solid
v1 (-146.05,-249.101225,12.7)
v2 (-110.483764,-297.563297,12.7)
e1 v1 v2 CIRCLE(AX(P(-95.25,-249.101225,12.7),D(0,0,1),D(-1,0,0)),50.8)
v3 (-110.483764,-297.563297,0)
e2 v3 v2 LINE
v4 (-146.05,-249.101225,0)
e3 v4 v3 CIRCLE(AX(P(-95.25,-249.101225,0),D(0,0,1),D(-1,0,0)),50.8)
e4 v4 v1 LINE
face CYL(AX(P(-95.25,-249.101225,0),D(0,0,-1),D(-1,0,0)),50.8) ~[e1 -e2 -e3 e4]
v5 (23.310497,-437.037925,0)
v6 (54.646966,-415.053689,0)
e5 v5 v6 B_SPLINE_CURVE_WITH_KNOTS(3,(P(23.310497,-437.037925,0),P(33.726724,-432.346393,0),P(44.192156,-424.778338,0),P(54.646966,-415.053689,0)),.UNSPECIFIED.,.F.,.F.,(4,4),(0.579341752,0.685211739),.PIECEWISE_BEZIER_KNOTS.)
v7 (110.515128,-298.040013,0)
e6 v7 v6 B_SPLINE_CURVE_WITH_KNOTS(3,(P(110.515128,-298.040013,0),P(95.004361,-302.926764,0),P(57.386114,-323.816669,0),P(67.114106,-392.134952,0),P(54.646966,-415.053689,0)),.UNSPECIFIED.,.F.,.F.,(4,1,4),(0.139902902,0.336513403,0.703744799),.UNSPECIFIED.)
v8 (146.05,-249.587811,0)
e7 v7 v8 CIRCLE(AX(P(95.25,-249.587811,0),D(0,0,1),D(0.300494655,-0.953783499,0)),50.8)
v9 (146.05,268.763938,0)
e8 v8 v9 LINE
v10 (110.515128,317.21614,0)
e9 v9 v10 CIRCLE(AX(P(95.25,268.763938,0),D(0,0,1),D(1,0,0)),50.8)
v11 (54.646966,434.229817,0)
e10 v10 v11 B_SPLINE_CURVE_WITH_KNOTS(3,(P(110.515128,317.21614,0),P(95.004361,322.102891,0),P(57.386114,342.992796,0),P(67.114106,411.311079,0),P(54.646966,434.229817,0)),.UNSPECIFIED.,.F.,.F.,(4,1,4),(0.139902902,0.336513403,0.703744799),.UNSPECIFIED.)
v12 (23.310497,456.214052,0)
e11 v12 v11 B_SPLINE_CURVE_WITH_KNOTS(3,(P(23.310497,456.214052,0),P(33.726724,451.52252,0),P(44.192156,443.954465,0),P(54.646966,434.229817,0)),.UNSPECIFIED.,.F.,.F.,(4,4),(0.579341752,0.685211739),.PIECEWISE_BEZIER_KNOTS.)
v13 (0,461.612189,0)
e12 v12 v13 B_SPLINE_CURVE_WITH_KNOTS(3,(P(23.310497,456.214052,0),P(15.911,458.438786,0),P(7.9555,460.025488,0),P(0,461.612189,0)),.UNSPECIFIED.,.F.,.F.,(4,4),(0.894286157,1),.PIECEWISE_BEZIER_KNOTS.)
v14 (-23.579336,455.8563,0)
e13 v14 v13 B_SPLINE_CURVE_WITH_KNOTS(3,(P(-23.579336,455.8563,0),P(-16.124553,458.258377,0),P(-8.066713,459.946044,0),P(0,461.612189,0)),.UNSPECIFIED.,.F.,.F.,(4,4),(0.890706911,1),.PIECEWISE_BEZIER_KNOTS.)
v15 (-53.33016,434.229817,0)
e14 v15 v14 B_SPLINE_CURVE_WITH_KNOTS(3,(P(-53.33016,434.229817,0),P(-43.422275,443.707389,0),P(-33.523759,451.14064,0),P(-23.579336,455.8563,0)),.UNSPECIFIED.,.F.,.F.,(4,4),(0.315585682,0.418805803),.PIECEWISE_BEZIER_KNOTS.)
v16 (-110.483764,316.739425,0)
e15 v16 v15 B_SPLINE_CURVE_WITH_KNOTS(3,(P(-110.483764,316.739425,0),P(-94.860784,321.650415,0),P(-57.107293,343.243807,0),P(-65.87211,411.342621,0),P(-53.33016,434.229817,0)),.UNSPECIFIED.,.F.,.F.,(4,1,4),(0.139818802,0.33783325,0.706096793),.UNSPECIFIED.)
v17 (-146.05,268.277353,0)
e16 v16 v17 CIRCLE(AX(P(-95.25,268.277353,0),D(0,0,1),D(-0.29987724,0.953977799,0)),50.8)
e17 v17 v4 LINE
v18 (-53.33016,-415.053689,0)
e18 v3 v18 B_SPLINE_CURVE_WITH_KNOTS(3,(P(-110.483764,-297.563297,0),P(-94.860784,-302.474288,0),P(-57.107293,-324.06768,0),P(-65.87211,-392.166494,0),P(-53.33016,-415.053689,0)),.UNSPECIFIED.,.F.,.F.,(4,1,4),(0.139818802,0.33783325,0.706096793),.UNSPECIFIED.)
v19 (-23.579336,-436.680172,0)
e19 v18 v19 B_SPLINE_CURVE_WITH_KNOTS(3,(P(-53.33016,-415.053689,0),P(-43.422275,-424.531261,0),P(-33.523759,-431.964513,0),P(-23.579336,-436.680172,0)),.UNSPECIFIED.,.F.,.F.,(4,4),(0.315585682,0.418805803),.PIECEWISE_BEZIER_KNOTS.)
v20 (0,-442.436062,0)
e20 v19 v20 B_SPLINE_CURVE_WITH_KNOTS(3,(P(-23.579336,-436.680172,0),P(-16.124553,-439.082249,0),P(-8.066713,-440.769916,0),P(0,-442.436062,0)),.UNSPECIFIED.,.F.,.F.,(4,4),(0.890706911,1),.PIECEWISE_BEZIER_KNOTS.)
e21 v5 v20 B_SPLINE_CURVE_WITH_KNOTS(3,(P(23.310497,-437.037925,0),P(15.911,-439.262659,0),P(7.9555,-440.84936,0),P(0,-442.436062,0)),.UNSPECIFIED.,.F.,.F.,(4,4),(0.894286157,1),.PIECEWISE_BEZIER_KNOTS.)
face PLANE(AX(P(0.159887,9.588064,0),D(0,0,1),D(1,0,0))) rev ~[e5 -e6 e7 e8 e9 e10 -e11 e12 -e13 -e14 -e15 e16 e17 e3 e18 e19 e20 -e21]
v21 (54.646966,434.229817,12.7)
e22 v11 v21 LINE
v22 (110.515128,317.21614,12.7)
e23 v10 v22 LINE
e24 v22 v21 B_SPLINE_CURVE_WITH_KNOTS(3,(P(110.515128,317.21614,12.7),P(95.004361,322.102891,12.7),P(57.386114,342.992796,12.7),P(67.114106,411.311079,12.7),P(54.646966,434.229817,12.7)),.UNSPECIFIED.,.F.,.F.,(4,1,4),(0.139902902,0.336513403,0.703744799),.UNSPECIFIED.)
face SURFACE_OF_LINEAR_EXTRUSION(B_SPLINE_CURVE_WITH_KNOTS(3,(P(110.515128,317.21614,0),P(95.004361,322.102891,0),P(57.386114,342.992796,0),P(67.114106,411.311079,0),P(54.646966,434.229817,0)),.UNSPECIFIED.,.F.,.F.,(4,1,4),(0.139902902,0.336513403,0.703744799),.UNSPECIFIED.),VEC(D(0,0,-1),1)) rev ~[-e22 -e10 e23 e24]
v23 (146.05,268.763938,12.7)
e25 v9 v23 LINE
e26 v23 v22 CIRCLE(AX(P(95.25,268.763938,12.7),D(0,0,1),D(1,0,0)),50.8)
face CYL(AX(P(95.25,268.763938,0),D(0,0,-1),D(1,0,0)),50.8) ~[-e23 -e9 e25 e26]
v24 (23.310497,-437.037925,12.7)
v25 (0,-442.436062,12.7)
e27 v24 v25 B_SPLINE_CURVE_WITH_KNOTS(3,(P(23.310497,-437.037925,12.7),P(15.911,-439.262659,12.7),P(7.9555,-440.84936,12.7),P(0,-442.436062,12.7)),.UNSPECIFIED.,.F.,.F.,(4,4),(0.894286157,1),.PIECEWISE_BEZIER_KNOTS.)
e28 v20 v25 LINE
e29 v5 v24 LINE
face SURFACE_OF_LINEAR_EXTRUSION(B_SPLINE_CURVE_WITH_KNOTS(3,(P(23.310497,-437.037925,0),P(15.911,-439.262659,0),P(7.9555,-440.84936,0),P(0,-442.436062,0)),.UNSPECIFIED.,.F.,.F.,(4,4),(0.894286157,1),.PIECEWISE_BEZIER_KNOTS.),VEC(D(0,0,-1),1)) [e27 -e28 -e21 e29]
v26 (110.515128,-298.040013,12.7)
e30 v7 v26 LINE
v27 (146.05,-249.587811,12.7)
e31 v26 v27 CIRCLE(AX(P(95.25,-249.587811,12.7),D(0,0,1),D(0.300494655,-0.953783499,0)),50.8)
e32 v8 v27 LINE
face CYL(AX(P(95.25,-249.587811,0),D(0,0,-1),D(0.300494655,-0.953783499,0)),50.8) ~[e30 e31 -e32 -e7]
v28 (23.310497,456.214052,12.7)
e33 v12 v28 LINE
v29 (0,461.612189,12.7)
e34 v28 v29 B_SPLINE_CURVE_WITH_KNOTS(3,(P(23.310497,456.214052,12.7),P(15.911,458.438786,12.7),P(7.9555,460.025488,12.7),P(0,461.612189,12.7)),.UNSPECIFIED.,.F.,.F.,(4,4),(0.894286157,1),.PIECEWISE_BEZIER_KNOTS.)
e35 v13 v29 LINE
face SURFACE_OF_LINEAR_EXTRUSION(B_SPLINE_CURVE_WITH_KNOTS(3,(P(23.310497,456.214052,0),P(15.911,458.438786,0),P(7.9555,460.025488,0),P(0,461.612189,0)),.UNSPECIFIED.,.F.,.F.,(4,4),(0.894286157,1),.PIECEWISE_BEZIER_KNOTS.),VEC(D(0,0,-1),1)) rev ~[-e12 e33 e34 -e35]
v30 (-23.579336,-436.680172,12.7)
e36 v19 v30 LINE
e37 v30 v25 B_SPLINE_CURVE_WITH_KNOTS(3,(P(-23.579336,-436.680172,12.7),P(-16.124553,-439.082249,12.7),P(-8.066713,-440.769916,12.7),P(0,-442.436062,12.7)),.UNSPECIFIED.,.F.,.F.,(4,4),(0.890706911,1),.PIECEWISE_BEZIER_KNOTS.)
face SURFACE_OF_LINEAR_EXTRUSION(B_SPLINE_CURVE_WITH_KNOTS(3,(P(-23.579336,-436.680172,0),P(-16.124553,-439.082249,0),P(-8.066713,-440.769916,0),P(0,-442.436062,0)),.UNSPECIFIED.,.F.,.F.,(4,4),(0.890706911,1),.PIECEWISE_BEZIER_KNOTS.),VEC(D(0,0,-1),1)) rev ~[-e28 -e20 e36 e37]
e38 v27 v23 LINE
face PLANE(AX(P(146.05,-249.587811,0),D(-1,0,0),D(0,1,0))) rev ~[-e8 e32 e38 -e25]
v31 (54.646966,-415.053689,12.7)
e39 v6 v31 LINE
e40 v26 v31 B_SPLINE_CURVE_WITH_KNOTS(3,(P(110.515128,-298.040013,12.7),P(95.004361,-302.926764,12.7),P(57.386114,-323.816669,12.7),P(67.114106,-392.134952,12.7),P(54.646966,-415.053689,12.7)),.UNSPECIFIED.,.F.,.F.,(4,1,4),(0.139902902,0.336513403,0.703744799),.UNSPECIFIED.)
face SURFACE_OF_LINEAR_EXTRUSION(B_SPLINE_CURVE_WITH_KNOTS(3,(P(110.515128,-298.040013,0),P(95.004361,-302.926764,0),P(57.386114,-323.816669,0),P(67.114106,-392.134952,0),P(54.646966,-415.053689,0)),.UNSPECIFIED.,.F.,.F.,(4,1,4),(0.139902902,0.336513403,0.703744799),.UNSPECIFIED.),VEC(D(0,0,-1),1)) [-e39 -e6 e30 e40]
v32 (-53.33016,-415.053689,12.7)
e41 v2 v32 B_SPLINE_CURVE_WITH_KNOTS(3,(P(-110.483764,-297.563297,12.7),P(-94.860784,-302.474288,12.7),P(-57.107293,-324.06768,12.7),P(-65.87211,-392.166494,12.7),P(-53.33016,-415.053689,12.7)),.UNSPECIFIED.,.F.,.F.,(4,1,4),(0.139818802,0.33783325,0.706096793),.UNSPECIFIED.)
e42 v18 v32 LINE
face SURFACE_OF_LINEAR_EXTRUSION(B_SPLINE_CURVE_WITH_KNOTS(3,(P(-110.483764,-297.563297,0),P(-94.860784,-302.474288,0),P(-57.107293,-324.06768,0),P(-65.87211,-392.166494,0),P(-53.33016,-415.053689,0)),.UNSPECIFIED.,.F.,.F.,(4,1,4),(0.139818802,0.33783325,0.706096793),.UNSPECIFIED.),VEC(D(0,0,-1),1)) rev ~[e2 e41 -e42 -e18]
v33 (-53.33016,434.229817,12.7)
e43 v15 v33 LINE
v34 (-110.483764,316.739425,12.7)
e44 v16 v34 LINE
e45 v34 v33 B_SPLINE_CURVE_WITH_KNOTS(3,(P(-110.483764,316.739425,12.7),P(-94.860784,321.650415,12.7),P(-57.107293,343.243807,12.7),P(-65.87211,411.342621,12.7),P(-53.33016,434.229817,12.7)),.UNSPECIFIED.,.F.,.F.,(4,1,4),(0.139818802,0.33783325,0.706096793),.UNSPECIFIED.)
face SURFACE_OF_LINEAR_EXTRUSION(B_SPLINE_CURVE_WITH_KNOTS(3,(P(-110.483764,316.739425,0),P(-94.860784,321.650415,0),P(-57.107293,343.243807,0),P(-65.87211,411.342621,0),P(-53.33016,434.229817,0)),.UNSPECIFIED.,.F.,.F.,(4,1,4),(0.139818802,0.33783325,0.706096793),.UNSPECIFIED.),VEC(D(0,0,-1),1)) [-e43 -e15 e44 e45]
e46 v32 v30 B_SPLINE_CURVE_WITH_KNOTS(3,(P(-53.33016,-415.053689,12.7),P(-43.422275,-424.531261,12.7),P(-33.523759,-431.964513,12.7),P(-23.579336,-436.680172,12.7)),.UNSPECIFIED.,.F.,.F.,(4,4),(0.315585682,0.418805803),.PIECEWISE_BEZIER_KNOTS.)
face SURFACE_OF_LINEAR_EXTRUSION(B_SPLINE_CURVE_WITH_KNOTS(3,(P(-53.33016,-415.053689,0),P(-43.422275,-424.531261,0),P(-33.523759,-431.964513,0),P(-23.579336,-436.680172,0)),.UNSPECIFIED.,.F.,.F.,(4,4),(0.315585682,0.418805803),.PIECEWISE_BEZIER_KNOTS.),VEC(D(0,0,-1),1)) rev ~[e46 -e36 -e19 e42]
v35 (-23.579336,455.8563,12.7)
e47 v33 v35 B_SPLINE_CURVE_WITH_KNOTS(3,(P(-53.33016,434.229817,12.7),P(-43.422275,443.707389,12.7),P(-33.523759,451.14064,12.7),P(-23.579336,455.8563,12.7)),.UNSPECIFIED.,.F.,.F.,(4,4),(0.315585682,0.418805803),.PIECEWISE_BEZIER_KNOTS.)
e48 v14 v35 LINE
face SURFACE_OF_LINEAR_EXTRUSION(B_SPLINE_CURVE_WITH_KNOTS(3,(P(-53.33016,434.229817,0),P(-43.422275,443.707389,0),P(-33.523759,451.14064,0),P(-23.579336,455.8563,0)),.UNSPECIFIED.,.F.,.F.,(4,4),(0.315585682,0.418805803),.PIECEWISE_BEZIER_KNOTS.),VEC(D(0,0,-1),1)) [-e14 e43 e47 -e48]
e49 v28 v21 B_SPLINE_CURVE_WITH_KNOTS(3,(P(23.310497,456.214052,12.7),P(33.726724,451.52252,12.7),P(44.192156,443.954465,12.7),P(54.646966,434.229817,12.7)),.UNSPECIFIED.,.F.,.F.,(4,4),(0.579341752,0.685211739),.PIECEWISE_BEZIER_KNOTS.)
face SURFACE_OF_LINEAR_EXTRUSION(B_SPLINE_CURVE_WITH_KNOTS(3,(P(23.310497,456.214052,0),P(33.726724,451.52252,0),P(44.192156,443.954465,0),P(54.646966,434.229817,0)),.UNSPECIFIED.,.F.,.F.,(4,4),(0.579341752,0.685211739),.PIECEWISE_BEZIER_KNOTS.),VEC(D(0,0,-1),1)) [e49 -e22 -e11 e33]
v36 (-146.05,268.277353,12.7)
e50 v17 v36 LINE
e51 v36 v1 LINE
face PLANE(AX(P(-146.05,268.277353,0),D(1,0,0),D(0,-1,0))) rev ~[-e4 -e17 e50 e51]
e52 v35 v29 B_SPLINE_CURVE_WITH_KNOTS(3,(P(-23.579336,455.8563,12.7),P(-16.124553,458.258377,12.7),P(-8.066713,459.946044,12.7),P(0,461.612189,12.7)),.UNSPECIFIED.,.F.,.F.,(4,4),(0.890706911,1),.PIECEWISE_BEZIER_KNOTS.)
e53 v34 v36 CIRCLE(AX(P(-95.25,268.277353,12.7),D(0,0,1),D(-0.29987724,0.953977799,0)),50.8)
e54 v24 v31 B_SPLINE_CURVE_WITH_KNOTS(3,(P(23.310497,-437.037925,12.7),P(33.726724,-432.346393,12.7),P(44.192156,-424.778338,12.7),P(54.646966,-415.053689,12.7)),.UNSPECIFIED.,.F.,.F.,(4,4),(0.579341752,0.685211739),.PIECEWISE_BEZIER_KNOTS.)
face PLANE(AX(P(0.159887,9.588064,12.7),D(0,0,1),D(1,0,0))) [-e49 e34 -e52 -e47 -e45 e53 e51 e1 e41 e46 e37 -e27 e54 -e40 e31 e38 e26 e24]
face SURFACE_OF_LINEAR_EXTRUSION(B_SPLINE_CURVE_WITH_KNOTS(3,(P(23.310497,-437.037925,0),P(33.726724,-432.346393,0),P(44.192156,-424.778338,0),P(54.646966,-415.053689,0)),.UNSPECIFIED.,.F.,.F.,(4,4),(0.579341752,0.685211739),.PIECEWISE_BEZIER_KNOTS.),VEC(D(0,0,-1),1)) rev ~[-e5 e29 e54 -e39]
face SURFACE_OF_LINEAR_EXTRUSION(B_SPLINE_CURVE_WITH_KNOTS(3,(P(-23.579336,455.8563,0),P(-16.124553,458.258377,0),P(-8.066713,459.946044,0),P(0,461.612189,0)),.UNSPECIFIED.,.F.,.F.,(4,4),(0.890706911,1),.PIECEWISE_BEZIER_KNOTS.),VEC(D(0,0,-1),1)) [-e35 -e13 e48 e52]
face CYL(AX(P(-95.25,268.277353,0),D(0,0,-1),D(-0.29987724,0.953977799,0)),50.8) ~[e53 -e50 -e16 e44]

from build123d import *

# Parameters (mm, degrees)
F1_DEPTH = 12.7


with BuildPart() as f1:
    # F0 (on Top) → F1 (new body)
    with BuildSketch(Plane.XY):
        with BuildLine():
            ThreePointArc((-110.4837637806, 316.7394248911), (-136.2043355462, 298.3336731661), (-146.05, 268.2773526998))
            Line((-146.05, 268.2773526998), (-146.05, 9.588063746))
            Line((-146.05, 9.588063746), (-146.05, -249.1012252078))
            ThreePointArc((-146.05, -249.1012252078), (-136.2043355462, -279.1575456741), (-110.4837637806, -297.5632973991))
            add(Edge.make_bspline(
                [(-110.4837637806, -297.5632973991), (-94.860784263, -302.4742879689), (-57.1072930265, -324.0676799925), (-65.8721103771, -392.1664936895), (-53.3301600973, -415.0536892939)],
                knots=[0.1398188017, 0.1398188017, 0.1398188017, 0.1398188017, 0.3378332503, 0.7060967929, 0.7060967929, 0.7060967929, 0.7060967929], degree=3))
            add(Edge.make_bspline(
                [(-53.3301600973, -415.0536892939), (-43.4222747891, -424.5312613406), (-33.5237593389, -431.9645126432), (-23.5793357025, -436.6801723879)],
                knots=[0.315585682, 0.315585682, 0.315585682, 0.315585682, 0.4188058026, 0.4188058026, 0.4188058026, 0.4188058026], degree=3))
            add(Edge.make_bspline(
                [(-23.5793357025, -436.6801723879), (-16.1245534013, -439.0822491419), (-8.0667131746, -440.7699164851), (0, -442.436061634)],
                knots=[0.890706911, 0.890706911, 0.890706911, 0.890706911, 1, 1, 1, 1], degree=3))
            add(Edge.make_bspline(
                [(23.3104969467, -437.0379245215), (15.9110000088, -439.2626588651), (7.9555000044, -440.8493602496), (0, -442.436061634)],
                knots=[0.8942861566, 0.8942861566, 0.8942861566, 0.8942861566, 1, 1, 1, 1], degree=3))
            add(Edge.make_bspline(
                [(23.3104969467, -437.0379245215), (33.7267240631, -432.3463928571), (44.1921555141, -424.7783375797), (54.6469657862, -415.0536892939)],
                knots=[0.5793417515, 0.5793417515, 0.5793417515, 0.5793417515, 0.6852117386, 0.6852117386, 0.6852117386, 0.6852117386], degree=3))
            add(Edge.make_bspline(
                [(110.5151284503, -298.0400126134), (95.0043606387, -302.9267639788), (57.3861135501, -323.8166688749), (67.1141060278, -392.1349519934), (54.6469657862, -415.0536892939)],
                knots=[0.1399029022, 0.1399029022, 0.1399029022, 0.1399029022, 0.3365134028, 0.7037447992, 0.7037447992, 0.7037447992, 0.7037447992], degree=3))
            ThreePointArc((110.5151284503, -298.0400126134), (136.2140606219, -279.6308755872), (146.05, -249.587810874))
            Line((146.05, -249.587810874), (146.05, 9.588063746))
            Line((146.05, 9.588063746), (146.05, 268.763938366))
            ThreePointArc((146.05, 268.763938366), (136.2140606219, 298.8070030792), (110.5151284503, 317.2161401054))
            add(Edge.make_bspline(
                [(110.5151284503, 317.2161401054), (95.0043606387, 322.1028914708), (57.3861135501, 342.9927963669), (67.1141060278, 411.3110794854), (54.6469657862, 434.2298167859)],
                knots=[0.1399029022, 0.1399029022, 0.1399029022, 0.1399029022, 0.3365134028, 0.7037447992, 0.7037447992, 0.7037447992, 0.7037447992], degree=3))
            add(Edge.make_bspline(
                [(23.3104969467, 456.2140520135), (33.726724063, 451.522520349), (44.1921555141, 443.9544650717), (54.6469657862, 434.2298167859)],
                knots=[0.5793417515, 0.5793417515, 0.5793417515, 0.5793417515, 0.6852117386, 0.6852117386, 0.6852117386, 0.6852117386], degree=3))
            add(Edge.make_bspline(
                [(23.3104969467, 456.2140520135), (15.9110000088, 458.4387863571), (7.9555000044, 460.0254877415), (0, 461.612189126)],
                knots=[0.8942861566, 0.8942861566, 0.8942861566, 0.8942861566, 1, 1, 1, 1], degree=3))
            add(Edge.make_bspline(
                [(-23.5793357025, 455.8562998799), (-16.1245534013, 458.2583766338), (-8.0667131746, 459.9460439771), (0, 461.612189126)],
                knots=[0.890706911, 0.890706911, 0.890706911, 0.890706911, 1, 1, 1, 1], degree=3))
            add(Edge.make_bspline(
                [(-53.3301600973, 434.2298167859), (-43.4222747891, 443.7073888326), (-33.5237593389, 451.1406401352), (-23.5793357025, 455.8562998799)],
                knots=[0.315585682, 0.315585682, 0.315585682, 0.315585682, 0.4188058026, 0.4188058026, 0.4188058026, 0.4188058026], degree=3))
            add(Edge.make_bspline(
                [(-110.4837637806, 316.7394248911), (-94.860784263, 321.6504154608), (-57.1072930265, 343.2438074845), (-65.8721103771, 411.3426211815), (-53.3301600973, 434.2298167859)],
                knots=[0.1398188017, 0.1398188017, 0.1398188017, 0.1398188017, 0.3378332503, 0.7060967929, 0.7060967929, 0.7060967929, 0.7060967929], degree=3))
        make_face()
    extrude(amount=F1_DEPTH)


solid = f1.part
